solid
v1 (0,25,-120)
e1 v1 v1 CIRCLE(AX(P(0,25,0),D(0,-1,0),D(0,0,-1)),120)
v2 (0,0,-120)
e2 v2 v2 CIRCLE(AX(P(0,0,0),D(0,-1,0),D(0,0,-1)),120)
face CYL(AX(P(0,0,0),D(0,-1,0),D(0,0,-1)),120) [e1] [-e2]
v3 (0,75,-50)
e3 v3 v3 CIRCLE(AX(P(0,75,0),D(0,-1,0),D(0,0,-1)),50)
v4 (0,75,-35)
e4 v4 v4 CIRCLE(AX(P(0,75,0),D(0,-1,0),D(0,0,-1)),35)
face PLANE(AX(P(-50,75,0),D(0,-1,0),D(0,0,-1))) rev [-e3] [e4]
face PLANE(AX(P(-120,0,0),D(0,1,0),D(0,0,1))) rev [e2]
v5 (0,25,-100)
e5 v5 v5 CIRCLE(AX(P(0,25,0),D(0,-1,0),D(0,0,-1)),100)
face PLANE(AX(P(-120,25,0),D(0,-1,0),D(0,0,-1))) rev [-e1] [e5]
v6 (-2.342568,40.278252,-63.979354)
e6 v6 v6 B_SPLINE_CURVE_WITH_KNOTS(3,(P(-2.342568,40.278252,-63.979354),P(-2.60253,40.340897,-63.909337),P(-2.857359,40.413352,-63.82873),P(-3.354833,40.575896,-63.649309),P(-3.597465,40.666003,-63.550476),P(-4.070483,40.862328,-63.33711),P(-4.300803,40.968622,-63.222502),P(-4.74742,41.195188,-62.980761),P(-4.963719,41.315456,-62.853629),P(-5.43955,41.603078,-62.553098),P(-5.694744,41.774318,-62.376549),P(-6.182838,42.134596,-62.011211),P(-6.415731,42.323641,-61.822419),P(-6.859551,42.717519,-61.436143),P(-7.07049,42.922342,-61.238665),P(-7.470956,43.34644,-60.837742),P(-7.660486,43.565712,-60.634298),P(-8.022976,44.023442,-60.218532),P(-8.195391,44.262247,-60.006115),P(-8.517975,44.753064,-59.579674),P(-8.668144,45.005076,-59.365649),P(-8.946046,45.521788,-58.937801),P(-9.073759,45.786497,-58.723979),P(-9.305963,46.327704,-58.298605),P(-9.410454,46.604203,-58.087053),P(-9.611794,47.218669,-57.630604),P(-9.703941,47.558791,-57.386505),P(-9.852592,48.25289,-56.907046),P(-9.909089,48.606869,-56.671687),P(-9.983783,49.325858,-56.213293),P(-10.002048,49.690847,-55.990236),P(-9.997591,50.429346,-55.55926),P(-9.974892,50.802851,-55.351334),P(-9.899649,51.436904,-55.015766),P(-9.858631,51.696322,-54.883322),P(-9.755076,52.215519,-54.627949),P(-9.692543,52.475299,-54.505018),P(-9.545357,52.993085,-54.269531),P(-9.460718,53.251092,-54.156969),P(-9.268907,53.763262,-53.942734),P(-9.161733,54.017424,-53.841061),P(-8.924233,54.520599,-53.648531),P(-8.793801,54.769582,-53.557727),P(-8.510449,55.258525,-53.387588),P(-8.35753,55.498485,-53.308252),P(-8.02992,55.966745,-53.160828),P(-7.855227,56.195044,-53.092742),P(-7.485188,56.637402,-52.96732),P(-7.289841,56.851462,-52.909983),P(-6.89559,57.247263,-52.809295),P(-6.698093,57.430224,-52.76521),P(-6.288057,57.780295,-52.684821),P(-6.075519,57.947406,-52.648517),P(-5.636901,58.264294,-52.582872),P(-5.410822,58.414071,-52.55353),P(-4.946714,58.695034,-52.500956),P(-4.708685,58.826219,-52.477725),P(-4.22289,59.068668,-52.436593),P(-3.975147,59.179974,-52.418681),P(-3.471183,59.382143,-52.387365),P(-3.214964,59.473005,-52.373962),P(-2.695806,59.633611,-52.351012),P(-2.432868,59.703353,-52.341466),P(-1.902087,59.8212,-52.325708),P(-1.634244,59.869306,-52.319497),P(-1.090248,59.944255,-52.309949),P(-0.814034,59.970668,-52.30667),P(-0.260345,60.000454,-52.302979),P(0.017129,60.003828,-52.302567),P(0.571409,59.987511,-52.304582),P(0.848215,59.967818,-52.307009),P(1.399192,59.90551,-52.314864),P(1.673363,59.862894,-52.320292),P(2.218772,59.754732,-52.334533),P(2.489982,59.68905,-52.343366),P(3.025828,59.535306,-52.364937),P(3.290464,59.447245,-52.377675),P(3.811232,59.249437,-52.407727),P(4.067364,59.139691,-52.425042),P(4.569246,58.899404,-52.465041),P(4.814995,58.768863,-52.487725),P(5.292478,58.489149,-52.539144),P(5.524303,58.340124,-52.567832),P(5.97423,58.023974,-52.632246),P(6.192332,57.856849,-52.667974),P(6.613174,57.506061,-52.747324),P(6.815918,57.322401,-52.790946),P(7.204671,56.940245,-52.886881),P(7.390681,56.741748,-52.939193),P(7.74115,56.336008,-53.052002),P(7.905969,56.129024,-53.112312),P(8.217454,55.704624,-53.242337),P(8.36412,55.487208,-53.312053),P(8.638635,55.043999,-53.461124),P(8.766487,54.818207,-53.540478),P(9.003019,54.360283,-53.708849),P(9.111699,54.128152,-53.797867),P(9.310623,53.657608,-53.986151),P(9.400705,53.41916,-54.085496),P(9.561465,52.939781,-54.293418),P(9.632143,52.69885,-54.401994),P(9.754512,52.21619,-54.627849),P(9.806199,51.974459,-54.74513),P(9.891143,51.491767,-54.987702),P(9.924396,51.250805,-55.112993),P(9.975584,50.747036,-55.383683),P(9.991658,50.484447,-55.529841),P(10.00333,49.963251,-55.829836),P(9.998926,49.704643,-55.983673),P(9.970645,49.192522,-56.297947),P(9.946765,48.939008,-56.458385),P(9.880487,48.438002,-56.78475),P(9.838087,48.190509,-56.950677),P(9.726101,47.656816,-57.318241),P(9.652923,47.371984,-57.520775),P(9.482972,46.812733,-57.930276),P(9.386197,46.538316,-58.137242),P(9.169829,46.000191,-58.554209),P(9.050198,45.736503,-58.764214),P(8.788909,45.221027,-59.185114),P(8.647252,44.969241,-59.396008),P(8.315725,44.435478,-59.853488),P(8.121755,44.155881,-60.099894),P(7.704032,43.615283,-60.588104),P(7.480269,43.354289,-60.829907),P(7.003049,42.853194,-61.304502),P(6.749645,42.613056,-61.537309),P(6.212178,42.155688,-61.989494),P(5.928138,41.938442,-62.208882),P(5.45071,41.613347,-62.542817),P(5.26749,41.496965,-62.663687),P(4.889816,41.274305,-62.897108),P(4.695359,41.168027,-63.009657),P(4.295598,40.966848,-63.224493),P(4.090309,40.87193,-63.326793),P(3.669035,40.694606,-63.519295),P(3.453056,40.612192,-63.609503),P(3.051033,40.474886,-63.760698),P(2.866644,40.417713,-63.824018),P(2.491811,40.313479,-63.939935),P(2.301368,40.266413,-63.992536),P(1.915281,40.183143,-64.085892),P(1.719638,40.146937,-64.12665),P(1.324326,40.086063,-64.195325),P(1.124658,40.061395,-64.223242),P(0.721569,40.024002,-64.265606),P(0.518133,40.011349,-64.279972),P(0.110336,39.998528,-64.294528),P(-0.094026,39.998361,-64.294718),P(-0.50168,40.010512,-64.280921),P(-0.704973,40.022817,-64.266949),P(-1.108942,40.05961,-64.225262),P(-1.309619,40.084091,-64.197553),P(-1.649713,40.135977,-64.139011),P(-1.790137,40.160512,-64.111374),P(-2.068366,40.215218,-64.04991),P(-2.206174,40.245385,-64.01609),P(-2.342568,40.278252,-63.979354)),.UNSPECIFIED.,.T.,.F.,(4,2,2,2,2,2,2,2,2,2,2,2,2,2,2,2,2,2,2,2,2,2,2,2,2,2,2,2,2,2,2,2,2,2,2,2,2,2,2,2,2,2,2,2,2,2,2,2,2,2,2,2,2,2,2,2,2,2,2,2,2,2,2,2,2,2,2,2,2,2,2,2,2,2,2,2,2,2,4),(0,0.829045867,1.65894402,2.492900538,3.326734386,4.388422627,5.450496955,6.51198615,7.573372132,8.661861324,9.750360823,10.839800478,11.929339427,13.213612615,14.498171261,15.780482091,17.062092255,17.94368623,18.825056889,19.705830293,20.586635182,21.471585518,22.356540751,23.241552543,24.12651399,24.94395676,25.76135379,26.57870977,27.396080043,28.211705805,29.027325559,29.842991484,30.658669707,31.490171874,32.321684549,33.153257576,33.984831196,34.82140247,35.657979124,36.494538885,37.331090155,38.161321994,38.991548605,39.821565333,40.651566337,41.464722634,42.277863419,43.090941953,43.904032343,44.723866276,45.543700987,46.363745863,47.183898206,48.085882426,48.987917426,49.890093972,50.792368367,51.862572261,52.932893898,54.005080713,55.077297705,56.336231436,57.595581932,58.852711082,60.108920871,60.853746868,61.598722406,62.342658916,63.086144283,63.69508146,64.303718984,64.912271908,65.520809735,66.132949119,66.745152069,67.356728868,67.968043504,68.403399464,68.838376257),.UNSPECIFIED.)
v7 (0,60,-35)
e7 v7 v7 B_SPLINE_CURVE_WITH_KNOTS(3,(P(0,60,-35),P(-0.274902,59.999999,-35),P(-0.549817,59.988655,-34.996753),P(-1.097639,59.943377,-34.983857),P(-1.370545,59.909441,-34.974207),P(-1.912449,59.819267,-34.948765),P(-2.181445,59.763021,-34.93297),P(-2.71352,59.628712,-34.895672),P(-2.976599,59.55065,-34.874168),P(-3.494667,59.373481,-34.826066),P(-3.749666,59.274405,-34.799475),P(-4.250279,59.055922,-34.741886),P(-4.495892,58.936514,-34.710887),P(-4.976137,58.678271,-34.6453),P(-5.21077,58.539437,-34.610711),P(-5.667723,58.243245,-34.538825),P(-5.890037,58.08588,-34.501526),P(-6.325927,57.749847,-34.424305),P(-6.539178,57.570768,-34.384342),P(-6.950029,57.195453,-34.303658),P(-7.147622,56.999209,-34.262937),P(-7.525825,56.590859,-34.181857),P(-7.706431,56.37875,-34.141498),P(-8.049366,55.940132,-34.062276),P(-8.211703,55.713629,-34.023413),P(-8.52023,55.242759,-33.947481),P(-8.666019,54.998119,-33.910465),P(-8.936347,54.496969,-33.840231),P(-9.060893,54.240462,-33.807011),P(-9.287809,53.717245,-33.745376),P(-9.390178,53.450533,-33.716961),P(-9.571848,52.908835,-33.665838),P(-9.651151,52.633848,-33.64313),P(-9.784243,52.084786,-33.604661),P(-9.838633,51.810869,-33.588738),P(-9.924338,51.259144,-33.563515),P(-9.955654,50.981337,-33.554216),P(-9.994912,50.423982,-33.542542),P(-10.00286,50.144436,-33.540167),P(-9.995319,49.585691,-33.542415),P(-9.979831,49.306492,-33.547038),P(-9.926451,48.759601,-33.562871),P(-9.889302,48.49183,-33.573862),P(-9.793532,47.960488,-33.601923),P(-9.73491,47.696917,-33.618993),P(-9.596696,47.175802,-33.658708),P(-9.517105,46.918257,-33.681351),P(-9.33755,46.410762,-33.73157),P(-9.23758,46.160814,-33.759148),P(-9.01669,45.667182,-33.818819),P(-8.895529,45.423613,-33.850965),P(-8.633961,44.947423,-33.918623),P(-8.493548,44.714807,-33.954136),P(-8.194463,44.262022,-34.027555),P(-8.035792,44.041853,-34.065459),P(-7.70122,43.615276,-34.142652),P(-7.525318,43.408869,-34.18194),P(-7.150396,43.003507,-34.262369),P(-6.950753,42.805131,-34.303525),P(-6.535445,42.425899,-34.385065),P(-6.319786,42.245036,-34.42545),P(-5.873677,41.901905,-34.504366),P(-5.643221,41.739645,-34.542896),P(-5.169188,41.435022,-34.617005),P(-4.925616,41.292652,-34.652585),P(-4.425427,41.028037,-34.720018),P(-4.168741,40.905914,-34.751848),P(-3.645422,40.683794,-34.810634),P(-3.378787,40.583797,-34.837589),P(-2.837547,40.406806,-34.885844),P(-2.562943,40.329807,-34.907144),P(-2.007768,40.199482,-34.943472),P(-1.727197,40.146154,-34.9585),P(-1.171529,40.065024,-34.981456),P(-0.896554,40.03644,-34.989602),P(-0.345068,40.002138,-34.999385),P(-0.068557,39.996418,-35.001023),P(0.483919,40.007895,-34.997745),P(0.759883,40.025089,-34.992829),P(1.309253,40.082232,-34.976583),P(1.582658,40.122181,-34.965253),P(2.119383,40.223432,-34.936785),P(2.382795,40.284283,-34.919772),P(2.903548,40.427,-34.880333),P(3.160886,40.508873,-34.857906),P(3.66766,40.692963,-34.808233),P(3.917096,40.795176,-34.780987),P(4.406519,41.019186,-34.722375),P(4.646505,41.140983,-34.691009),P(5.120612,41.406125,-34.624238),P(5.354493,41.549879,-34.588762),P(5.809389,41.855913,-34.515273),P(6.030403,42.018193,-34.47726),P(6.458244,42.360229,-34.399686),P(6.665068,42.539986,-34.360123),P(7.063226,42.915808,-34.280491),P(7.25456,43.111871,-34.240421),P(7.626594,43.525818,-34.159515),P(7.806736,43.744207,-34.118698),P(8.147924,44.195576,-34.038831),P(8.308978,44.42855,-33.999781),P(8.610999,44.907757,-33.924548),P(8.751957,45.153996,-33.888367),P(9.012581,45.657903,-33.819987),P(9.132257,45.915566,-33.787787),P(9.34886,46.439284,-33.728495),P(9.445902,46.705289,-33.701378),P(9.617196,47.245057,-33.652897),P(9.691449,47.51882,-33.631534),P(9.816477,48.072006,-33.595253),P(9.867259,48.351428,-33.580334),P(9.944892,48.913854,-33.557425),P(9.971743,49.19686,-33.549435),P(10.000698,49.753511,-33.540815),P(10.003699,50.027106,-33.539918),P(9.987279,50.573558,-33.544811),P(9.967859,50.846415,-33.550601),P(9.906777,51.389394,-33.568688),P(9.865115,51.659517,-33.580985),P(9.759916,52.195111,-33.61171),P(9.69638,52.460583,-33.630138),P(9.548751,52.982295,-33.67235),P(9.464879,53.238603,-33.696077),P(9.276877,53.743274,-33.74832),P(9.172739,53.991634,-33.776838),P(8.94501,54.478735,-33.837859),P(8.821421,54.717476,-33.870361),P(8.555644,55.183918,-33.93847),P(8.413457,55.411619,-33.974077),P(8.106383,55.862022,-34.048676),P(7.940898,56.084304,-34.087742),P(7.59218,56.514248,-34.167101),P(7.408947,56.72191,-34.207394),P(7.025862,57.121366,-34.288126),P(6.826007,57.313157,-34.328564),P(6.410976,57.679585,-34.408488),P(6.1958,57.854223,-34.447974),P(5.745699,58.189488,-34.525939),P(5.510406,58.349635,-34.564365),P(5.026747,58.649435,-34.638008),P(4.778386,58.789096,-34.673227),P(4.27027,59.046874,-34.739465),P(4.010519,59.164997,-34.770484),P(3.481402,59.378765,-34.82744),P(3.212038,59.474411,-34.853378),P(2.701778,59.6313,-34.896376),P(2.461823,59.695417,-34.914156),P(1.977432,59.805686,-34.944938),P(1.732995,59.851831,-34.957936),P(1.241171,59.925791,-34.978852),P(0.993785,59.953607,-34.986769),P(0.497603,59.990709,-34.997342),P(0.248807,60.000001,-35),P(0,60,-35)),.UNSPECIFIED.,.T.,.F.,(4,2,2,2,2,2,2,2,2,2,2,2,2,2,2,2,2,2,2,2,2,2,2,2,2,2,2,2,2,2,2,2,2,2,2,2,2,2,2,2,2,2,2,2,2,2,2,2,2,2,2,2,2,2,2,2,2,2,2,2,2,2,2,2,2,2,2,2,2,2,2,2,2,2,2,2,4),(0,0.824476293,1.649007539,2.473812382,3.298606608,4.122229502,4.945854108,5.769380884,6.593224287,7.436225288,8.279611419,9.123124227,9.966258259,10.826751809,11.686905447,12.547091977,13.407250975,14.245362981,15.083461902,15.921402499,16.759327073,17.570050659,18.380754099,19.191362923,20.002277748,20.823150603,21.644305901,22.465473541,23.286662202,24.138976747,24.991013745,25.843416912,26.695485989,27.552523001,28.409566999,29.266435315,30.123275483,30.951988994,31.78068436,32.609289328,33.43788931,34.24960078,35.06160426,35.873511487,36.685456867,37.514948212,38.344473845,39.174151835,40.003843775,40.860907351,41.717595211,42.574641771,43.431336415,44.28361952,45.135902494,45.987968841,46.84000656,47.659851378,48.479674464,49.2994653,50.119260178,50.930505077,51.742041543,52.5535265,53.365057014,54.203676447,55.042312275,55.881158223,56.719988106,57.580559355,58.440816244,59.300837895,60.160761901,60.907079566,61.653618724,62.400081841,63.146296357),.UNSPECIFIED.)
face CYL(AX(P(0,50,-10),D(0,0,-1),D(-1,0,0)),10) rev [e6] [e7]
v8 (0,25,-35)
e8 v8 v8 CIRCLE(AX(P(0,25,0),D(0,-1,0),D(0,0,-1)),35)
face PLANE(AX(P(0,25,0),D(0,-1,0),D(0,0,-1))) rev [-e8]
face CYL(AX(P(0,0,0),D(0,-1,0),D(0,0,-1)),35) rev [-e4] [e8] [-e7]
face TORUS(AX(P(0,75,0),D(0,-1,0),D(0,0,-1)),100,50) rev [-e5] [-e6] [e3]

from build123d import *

# Parameters (mm, degrees)
CUT_EXTRUDE_2_DEPTH      = 30
CUT_EXTRUDE_2_DEPTH_BACK = 214.600093633
SKETCH_3_R               = 10


with BuildPart() as part:
    # Эскиз1 → Повернуть3 (revolve)
    with BuildSketch(Plane.XY):
        with BuildLine():
            Line((-120, 0), (-120, 25))
            Line((-120, 25), (-100, 25))
            ThreePointArc((-100, 25), (-64.644660941, 39.644660941), (-50, 75))
            Line((-50, 75), (-35, 75))
            Line((-35, 75), (-35, 25))
            Line((-35, 25), (0, 25))
            Line((0, 25), (0, 0))
            Line((0, 0), (-120, 0))
        make_face()
    revolve(axis=Axis((0, 0, 0), (0, 1, 0)))

    # Эскиз3 → Вырез-Вытянуть2 (cut, two sides: drawn at the far end of the back side and taken through both)
    with BuildSketch(Plane.XY.offset(-40).offset(-CUT_EXTRUDE_2_DEPTH_BACK)):
        with Locations((0, 50)):
            Circle(SKETCH_3_R)
    extrude(amount=CUT_EXTRUDE_2_DEPTH + CUT_EXTRUDE_2_DEPTH_BACK, mode=Mode.SUBTRACT)


solid = part.part
